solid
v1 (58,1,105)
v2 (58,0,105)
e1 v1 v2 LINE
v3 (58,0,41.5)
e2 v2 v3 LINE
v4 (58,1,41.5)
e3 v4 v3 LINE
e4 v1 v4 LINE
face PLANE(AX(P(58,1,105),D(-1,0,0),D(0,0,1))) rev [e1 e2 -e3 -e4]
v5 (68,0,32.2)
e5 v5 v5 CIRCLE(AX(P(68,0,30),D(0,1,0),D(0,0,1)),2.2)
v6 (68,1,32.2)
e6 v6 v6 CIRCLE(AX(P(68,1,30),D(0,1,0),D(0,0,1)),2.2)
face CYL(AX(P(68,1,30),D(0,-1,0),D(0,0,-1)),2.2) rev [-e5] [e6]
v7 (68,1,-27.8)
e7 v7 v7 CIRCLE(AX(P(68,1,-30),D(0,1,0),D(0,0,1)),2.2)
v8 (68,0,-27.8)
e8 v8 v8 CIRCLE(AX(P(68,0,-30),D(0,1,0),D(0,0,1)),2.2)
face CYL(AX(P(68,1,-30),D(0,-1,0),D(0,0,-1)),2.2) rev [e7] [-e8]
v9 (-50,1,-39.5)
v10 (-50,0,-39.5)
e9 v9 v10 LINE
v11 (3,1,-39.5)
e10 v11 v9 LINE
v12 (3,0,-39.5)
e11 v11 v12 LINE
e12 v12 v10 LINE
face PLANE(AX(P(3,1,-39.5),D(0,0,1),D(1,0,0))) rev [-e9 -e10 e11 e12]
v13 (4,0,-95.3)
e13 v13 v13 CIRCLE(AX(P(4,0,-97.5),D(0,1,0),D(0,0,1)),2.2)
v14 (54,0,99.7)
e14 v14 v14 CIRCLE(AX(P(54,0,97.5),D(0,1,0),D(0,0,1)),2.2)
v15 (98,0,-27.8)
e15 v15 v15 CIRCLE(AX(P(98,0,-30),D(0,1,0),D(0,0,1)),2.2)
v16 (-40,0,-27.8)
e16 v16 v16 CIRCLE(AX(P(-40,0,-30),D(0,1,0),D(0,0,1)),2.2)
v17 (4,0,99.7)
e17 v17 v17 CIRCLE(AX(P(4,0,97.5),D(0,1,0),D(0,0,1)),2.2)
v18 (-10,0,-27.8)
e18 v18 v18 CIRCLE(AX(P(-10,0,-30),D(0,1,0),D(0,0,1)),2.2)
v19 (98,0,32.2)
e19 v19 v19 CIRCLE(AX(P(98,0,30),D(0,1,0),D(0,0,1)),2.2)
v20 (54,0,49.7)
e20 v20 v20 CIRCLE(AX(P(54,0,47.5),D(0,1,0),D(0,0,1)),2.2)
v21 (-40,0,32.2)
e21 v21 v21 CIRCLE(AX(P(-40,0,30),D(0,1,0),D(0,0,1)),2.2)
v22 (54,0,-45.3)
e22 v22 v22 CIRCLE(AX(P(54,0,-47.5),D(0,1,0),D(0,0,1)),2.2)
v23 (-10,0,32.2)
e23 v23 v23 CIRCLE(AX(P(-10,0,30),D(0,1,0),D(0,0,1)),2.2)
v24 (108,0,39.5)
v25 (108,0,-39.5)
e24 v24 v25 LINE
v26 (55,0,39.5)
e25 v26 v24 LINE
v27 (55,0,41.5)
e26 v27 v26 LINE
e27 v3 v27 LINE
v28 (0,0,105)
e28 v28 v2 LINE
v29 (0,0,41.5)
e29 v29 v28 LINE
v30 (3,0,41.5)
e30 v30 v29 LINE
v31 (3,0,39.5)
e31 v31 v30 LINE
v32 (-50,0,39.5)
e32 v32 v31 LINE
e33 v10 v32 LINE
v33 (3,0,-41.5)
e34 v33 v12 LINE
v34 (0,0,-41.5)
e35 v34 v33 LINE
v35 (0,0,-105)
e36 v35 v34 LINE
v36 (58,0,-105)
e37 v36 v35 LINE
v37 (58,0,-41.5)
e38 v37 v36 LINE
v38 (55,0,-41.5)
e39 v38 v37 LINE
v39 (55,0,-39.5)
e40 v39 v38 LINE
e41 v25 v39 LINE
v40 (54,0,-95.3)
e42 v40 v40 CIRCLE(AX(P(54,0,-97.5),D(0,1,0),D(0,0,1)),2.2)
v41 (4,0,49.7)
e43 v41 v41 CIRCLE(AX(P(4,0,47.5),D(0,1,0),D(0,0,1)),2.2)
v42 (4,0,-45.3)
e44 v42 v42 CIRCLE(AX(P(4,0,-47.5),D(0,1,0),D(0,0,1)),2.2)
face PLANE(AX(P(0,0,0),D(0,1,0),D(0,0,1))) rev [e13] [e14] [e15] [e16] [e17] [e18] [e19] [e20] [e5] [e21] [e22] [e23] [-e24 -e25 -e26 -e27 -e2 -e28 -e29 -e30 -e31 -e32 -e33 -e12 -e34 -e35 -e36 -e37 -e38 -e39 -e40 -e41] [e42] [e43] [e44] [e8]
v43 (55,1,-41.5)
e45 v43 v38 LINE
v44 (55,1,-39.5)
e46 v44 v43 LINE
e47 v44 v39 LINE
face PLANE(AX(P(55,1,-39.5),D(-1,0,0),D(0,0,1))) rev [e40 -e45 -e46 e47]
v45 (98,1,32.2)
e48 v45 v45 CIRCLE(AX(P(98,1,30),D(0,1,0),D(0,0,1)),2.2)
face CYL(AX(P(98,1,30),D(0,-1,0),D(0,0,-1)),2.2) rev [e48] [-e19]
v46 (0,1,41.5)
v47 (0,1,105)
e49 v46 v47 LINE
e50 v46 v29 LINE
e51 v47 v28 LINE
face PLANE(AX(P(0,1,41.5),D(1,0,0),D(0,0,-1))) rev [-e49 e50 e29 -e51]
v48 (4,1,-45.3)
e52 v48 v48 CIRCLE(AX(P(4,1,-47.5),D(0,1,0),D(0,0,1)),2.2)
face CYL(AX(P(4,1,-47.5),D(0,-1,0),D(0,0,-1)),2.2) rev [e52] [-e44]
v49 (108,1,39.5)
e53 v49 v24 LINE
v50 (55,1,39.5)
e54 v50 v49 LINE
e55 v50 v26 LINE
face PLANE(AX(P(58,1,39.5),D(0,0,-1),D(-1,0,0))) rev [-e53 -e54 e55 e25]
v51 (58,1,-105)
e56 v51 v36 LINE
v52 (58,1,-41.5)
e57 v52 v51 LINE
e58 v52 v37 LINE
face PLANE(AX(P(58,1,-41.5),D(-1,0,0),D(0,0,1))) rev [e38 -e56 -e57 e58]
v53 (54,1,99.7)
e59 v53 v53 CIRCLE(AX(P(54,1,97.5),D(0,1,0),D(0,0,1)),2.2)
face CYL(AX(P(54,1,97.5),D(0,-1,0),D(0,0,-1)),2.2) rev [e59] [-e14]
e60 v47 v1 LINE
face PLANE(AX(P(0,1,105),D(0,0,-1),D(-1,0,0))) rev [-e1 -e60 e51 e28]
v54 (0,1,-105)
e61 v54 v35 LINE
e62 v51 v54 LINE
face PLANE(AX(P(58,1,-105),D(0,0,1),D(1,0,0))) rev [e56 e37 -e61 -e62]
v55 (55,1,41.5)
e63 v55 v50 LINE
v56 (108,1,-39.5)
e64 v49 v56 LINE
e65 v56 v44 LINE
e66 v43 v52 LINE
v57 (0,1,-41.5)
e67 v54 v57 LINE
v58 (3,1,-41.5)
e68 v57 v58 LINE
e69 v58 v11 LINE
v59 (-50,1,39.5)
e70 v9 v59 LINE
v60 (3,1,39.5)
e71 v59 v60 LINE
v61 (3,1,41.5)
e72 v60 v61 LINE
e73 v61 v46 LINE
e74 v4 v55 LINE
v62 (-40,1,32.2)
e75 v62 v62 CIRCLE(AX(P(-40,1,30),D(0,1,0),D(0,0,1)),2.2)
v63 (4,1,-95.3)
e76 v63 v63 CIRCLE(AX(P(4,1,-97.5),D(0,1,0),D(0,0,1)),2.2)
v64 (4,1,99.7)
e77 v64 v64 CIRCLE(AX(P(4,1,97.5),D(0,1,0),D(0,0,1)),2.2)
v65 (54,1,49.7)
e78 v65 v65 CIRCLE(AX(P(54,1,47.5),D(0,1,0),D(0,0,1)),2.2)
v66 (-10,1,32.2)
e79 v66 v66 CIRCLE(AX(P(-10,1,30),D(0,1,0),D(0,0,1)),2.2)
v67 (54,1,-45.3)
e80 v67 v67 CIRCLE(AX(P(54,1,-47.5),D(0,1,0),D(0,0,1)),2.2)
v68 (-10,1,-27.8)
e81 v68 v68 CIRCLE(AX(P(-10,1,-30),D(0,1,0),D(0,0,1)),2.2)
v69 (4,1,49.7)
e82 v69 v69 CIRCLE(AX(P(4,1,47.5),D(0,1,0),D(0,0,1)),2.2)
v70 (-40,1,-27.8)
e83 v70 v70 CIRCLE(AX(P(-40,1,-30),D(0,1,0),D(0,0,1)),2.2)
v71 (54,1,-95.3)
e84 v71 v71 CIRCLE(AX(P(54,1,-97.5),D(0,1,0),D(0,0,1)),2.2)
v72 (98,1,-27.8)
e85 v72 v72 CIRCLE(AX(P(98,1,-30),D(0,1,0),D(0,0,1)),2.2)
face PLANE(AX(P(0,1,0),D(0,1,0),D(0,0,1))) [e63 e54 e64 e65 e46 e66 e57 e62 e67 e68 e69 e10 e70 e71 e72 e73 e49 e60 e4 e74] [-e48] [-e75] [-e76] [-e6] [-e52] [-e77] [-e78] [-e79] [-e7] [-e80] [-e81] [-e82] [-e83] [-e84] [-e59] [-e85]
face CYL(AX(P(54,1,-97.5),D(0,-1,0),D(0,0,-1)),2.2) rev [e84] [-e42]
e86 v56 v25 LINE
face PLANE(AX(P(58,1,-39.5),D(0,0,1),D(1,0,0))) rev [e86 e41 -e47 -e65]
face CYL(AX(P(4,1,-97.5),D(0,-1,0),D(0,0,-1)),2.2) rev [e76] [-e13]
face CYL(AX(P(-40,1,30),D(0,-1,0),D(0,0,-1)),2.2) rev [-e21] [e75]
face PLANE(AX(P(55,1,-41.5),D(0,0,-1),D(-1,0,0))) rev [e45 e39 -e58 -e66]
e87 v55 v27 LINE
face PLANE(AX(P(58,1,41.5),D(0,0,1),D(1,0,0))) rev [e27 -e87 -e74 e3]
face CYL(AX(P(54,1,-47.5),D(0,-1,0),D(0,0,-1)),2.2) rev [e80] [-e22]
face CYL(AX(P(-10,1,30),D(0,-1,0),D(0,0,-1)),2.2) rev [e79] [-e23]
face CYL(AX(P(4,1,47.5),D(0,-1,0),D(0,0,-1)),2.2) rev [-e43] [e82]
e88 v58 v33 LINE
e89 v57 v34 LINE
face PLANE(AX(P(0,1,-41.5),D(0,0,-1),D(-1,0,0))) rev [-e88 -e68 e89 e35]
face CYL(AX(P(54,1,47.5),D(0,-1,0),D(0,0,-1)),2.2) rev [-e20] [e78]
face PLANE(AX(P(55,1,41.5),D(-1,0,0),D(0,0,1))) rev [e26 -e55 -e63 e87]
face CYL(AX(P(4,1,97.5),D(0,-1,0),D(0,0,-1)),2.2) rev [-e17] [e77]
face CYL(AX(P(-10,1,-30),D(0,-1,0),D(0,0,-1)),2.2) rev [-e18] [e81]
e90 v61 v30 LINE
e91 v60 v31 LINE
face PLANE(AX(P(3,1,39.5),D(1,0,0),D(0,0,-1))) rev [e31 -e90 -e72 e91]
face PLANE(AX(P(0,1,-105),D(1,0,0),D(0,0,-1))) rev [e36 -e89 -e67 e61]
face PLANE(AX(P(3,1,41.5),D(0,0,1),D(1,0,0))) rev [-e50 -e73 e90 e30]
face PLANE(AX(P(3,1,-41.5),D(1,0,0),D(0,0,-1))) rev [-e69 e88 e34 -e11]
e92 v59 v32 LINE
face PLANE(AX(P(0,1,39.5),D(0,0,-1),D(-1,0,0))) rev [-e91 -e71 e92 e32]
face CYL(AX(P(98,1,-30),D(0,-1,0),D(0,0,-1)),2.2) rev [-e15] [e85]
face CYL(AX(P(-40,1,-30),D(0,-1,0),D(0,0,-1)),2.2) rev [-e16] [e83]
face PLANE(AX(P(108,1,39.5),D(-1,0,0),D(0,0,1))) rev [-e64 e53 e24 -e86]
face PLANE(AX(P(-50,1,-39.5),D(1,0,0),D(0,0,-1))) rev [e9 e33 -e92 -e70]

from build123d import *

# Parameters (mm, degrees)
SKETCH1_R           = 2.2
BOSS_EXTRUDE1_DEPTH = 1


with BuildPart() as part:
    # Sketch1 → Boss-Extrude1 (new body)
    with BuildSketch(Plane(origin=(0, 0, 0), x_dir=(1, 0, 0), z_dir=(0, 1, 0))):
        Polygon((0, -39.5), (3, -39.5), (3, -41.5), (0, -41.5), (0, -105), (58, -105), (58, -41.5), (55, -41.5), (55, -39.5), (58, -39.5), (108, -39.5), (108, 39.5), (58, 39.5), (55, 39.5), (55, 41.5), (58, 41.5), (58, 105), (0, 105), (0, 41.5), (3, 41.5), (3, 39.5), (0, 39.5), (-50, 39.5), (-50, -39.5), align=None)
        with Locations(Location((4, 97.5, 0), (0, 0, 270))):
            Circle(SKETCH1_R, mode=Mode.SUBTRACT)
        with Locations(Location((54, 97.5, 0), (0, 0, 270))):
            Circle(SKETCH1_R, mode=Mode.SUBTRACT)
        with Locations(Location((54, 47.5, 0), (0, 0, 270))):
            Circle(SKETCH1_R, mode=Mode.SUBTRACT)
        with Locations(Location((4, 47.5, 0), (0, 0, 270))):
            Circle(SKETCH1_R, mode=Mode.SUBTRACT)
        with Locations(Location((4, -47.5, 0), (0, 0, 270))):
            Circle(SKETCH1_R, mode=Mode.SUBTRACT)
        with Locations(Location((54, -47.5, 0), (0, 0, 270))):
            Circle(SKETCH1_R, mode=Mode.SUBTRACT)
        with Locations(Location((54, -97.5, 0), (0, 0, 270))):
            Circle(SKETCH1_R, mode=Mode.SUBTRACT)
        with Locations(Location((4, -97.5, 0), (0, 0, 270))):
            Circle(SKETCH1_R, mode=Mode.SUBTRACT)
        with Locations(Location((-40, 30, 0), (0, 0, 270))):
            Circle(SKETCH1_R, mode=Mode.SUBTRACT)
        with Locations(Location((-10, 30, 0), (0, 0, 270))):
            Circle(SKETCH1_R, mode=Mode.SUBTRACT)
        with Locations(Location((-40, -30, 0), (0, 0, 270))):
            Circle(SKETCH1_R, mode=Mode.SUBTRACT)
        with Locations(Location((-10, -30, 0), (0, 0, 270))):
            Circle(SKETCH1_R, mode=Mode.SUBTRACT)
        with Locations(Location((68, -30, 0), (0, 0, 270))):
            Circle(SKETCH1_R, mode=Mode.SUBTRACT)
        with Locations(Location((98, -30, 0), (0, 0, 270))):
            Circle(SKETCH1_R, mode=Mode.SUBTRACT)
        with Locations(Location((98, 30, 0), (0, 0, 270))):
            Circle(SKETCH1_R, mode=Mode.SUBTRACT)
        with Locations(Location((68, 30, 0), (0, 0, 270))):
            Circle(SKETCH1_R, mode=Mode.SUBTRACT)
    extrude(amount=BOSS_EXTRUDE1_DEPTH)


solid = part.part
